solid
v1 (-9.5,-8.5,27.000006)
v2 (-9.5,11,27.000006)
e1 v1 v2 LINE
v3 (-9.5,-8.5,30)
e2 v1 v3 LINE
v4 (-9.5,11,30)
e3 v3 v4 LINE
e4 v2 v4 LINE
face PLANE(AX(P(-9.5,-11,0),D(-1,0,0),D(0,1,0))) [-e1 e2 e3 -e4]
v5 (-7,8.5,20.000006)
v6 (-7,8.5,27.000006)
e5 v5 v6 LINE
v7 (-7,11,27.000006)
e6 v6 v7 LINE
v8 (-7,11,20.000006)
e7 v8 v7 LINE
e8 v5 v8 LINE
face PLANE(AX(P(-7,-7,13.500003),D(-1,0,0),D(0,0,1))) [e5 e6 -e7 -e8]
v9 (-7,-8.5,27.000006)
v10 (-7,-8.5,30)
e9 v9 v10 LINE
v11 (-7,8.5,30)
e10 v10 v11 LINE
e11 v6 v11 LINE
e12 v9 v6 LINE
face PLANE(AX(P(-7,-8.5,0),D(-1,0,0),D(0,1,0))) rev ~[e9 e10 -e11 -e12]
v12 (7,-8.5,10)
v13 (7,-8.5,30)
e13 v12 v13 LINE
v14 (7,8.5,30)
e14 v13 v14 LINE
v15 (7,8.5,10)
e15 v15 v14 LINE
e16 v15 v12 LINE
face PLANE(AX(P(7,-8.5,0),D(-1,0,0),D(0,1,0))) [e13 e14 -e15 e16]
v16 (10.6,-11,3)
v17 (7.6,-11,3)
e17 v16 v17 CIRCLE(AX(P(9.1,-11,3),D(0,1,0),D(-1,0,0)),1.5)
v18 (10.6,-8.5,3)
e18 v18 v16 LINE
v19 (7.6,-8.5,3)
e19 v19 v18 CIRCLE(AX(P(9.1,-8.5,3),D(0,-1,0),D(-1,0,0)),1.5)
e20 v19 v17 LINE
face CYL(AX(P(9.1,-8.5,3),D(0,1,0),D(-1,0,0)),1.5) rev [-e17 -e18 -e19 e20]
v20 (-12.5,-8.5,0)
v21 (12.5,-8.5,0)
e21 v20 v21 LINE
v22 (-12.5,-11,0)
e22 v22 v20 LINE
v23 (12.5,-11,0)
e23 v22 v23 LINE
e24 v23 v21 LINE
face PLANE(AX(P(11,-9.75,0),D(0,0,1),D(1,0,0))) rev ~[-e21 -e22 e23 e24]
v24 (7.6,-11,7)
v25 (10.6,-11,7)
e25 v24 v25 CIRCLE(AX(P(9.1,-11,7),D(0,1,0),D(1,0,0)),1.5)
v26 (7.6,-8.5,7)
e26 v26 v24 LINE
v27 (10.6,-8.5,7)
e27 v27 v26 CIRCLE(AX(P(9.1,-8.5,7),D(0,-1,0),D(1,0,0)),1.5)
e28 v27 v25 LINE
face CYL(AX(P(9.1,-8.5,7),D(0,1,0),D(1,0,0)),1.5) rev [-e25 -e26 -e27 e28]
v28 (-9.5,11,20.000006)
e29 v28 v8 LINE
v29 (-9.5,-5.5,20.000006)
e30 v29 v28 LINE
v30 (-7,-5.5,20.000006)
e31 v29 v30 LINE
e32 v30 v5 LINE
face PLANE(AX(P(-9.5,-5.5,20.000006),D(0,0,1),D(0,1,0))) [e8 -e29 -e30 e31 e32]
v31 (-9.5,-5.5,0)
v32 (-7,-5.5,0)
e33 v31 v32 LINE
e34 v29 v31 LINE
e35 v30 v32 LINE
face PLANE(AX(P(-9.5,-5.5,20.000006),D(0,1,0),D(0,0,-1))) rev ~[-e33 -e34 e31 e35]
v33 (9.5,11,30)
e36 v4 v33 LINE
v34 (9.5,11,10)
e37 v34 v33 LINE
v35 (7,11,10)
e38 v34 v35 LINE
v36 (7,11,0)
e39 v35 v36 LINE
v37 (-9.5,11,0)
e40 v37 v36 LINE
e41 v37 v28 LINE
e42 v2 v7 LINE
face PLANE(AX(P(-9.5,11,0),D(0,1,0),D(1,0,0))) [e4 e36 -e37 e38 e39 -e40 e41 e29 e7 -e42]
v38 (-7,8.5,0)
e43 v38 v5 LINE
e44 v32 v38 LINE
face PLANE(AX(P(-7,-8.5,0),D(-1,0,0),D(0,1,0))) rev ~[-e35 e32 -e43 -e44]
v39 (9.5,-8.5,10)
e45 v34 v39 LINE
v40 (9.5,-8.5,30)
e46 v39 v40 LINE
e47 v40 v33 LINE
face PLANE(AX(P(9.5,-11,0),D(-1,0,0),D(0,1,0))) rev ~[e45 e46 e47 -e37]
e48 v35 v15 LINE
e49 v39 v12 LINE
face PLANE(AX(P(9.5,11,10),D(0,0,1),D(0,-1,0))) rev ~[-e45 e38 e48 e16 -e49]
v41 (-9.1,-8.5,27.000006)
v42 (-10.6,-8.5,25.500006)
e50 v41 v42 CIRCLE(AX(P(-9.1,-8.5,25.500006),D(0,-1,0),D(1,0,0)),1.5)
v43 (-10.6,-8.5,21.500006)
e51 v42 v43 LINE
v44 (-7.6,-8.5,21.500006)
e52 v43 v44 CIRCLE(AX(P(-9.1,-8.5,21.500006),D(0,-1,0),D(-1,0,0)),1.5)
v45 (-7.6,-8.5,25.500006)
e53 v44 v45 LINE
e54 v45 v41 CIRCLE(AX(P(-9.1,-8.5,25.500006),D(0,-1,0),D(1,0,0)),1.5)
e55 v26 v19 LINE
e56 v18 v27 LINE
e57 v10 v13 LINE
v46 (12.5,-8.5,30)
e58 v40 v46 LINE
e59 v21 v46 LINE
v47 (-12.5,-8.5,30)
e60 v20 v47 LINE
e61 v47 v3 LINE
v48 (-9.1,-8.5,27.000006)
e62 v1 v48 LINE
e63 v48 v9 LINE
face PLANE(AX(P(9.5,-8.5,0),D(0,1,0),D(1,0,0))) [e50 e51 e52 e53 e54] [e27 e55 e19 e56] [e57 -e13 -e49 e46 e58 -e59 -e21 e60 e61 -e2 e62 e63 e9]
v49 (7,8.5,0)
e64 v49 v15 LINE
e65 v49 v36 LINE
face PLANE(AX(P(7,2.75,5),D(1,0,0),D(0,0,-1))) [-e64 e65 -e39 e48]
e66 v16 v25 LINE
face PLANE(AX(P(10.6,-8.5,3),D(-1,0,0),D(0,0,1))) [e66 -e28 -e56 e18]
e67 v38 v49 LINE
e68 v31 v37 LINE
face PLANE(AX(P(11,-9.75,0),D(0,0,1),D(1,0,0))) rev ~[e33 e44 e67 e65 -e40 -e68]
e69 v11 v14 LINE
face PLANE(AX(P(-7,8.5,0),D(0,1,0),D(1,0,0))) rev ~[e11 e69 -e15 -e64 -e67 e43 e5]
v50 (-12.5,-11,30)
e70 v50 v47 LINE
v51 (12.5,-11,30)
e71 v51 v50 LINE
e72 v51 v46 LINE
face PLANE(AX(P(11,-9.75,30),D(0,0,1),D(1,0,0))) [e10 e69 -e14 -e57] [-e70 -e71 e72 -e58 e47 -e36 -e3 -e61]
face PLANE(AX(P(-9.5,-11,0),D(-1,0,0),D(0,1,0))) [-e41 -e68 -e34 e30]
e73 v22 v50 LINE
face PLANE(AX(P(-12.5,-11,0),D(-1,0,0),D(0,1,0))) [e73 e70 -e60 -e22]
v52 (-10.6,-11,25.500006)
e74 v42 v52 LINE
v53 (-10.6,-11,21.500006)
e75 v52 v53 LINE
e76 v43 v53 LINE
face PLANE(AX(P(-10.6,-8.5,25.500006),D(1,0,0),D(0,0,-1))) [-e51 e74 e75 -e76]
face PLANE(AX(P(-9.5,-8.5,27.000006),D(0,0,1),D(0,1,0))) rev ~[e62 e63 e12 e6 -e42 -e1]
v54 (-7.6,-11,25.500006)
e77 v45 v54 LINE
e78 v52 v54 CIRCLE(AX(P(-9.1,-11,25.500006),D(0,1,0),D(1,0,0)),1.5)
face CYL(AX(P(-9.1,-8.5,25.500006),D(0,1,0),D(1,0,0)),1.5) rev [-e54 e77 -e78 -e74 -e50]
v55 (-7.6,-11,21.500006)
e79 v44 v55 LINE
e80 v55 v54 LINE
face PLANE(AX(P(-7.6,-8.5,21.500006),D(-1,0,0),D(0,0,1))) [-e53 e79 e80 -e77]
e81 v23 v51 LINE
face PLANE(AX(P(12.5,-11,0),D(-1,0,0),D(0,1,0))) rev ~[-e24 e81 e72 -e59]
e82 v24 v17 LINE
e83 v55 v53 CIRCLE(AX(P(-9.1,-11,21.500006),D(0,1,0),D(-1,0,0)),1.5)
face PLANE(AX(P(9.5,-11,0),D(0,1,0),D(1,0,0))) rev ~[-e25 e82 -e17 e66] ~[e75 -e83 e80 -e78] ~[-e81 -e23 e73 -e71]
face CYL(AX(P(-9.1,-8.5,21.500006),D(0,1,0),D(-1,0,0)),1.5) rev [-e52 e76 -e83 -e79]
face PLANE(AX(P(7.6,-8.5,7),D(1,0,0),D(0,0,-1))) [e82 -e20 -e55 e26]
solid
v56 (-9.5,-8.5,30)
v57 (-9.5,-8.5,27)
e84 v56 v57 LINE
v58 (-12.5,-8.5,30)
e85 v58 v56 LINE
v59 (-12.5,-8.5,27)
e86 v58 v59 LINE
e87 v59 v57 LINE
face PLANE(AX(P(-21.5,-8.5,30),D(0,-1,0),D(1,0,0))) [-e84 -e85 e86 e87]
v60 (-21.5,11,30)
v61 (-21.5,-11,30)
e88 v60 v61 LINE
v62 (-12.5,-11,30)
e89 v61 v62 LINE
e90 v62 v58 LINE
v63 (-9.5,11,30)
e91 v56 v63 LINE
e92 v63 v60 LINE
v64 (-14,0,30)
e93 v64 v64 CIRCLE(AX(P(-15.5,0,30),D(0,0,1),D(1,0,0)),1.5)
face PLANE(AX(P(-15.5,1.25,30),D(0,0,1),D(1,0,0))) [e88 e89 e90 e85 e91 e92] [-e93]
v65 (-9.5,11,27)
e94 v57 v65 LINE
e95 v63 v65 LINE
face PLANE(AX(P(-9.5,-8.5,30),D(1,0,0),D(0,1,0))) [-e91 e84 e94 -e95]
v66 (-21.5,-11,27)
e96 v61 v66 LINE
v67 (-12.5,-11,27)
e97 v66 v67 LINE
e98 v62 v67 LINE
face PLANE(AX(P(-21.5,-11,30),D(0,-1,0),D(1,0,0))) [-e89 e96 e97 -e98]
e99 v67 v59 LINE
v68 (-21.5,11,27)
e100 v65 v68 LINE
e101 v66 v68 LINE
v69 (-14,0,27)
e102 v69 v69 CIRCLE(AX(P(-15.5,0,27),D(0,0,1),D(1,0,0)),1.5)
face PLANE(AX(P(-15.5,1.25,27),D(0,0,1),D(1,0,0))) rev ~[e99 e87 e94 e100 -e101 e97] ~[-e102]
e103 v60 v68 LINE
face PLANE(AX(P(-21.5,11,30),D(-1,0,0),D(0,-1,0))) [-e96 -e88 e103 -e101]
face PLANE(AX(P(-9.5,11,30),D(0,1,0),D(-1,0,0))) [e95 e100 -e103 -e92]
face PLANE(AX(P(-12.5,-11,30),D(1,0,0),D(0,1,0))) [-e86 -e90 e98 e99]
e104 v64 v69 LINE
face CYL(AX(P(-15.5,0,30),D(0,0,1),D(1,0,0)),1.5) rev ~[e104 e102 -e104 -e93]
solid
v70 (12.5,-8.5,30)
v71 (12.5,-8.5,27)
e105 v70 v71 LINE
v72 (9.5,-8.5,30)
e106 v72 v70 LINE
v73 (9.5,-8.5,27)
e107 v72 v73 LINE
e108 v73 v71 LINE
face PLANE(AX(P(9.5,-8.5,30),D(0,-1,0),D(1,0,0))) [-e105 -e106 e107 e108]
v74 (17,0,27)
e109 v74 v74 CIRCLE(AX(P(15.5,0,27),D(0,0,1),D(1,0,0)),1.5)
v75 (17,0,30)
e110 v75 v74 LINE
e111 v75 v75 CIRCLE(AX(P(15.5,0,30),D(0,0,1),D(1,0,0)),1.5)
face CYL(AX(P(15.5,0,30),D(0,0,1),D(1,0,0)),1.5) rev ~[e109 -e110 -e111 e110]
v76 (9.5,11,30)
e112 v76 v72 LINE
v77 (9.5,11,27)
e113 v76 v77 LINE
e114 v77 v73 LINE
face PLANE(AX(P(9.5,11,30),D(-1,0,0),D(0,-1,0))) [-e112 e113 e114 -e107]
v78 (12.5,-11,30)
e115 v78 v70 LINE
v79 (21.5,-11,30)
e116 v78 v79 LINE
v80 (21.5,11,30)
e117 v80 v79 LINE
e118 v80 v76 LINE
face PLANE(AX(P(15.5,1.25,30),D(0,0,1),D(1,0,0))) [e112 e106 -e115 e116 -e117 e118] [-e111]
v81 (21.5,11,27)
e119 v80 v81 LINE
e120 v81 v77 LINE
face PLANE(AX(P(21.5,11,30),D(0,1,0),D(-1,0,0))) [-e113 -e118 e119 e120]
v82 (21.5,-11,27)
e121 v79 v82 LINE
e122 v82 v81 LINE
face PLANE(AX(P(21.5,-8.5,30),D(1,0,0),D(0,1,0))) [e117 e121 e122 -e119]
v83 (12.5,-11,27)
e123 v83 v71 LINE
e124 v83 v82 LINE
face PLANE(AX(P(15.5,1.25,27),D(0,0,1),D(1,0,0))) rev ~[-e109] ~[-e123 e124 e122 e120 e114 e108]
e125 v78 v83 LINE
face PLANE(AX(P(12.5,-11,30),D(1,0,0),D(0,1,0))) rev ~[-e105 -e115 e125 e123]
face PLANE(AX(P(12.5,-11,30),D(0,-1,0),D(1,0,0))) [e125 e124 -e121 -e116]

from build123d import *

# Parameters (mm, degrees)
SKETCH1_W           = 19
SKETCH1_H           = 22
SKETCH1_W_2         = 14
SKETCH1_H_2         = 17
SKETCH1_W_3         = 3
SKETCH1_H_3         = 2.5
BOSS_EXTRUDE1_DEPTH = 30
SKETCH2_W           = 7
SKETCH2_H           = 16.5
CUT_EXTRUDE1_DEPTH  = 2.5
SKETCH3_W           = 10
SKETCH3_H           = 16.5
SKETCH3_H_2         = 3
CUT_EXTRUDE2_DEPTH  = 2.5
CUT_EXTRUDE3_DEPTH  = 38.901187316
SKETCH6_R           = 1.5
SKETCH6_W           = 9
SKETCH6_H           = 2.5
BOSS_EXTRUDE2_DEPTH = 3


with BuildPart() as part:
    # Sketch1 → Boss-Extrude1 (new body)
    # profile 1 of 3: a face of its own
    with BuildSketch(Plane.XY):
        Rectangle(SKETCH1_W, SKETCH1_H)
        Rectangle(SKETCH1_W_2, SKETCH1_H_2, mode=Mode.SUBTRACT)
    # profile 2 of 3: a face of its own
    with BuildSketch(Plane.XY):
        with Locations((-11, -9.75)):
            Rectangle(SKETCH1_W_3, SKETCH1_H_3)
    # profile 3 of 3: a face of its own
    with BuildSketch(Plane.XY):
        with Locations((11, -9.75)):
            Rectangle(SKETCH1_W_3, SKETCH1_H_3)
    extrude(amount=BOSS_EXTRUDE1_DEPTH)

    # Sketch2 → Cut-Extrude1 (cut)
    with BuildSketch(Plane.ZY.offset(9.5)):
        Polygon((27.000006, -8.5), (27.000006, -5.5), (20.000006, -5.5), (0, -5.5), (0, -8.5), align=None)
        with Locations((23.500006, 2.75)):
            Rectangle(SKETCH2_W, SKETCH2_H)
    extrude(amount=-CUT_EXTRUDE1_DEPTH, mode=Mode.SUBTRACT)

    # Sketch3 → Cut-Extrude2 (cut)
    with BuildSketch(Plane(origin=(9.5, 0, 0), x_dir=(0, 0, -1), z_dir=(1, 0, 0))):
        with Locations((-5, 2.75)):
            Rectangle(SKETCH3_W, SKETCH3_H)
        with Locations((-5, -7)):
            Rectangle(SKETCH3_W, SKETCH3_H_2)
    extrude(amount=-CUT_EXTRUDE2_DEPTH, mode=Mode.SUBTRACT)

    # Sketch5 → Cut-Extrude3 (cut, through all)
    with BuildSketch(Plane(origin=(0, -8.5, 0), x_dir=(1, 0, 0), z_dir=(0, 1, 0))):
        with BuildLine():
            Line((-10.6, -25.500006), (-10.6, -21.500006))
            ThreePointArc((-10.6, -21.500006), (-9.1, -20.000006), (-7.6, -21.500006))
            Line((-7.6, -21.500006), (-7.6, -25.500006))
            ThreePointArc((-7.6, -25.500006), (-9.1, -27.000006), (-10.6, -25.500006))
        make_face()
        with BuildLine():
            Line((7.6, -7), (7.6, -3))
            ThreePointArc((7.6, -3), (9.1, -1.5), (10.6, -3))
            Line((10.6, -3), (10.6, -7))
            ThreePointArc((10.6, -7), (9.1, -8.5), (7.6, -7))
        make_face()
    extrude(amount=-CUT_EXTRUDE3_DEPTH, mode=Mode.SUBTRACT)


with BuildPart() as body_2:
    # Sketch6 → Boss-Extrude2 (new body)
    # profile 1 of 4: a face of its own
    with BuildSketch(Plane.XY.offset(30)):
        Polygon((-9.5, -8.5), (-9.5, 11), (-21.5, 11), (-21.5, -8.5), (-12.5, -8.5), align=None)
        with Locations((-15.5, 0)):
            Circle(SKETCH6_R, mode=Mode.SUBTRACT)
    # profile 2 of 4: a face of its own
    with BuildSketch(Plane.XY.offset(30)):
        with Locations((-17, -9.75)):
            Rectangle(SKETCH6_W, SKETCH6_H)
    # profile 3 of 4: a face of its own
    with BuildSketch(Plane.XY.offset(30)):
        with Locations((17, -9.75)):
            Rectangle(SKETCH6_W, SKETCH6_H)
    # profile 4 of 4: a face of its own
    with BuildSketch(Plane.XY.offset(30)):
        Polygon((21.5, 11), (9.5, 11), (9.5, -8.5), (12.5, -8.5), (21.5, -8.5), align=None)
        with Locations((15.5, 0)):
            Circle(SKETCH6_R, mode=Mode.SUBTRACT)
    extrude(amount=-BOSS_EXTRUDE2_DEPTH)


solid = Compound([part.part, body_2.part])
